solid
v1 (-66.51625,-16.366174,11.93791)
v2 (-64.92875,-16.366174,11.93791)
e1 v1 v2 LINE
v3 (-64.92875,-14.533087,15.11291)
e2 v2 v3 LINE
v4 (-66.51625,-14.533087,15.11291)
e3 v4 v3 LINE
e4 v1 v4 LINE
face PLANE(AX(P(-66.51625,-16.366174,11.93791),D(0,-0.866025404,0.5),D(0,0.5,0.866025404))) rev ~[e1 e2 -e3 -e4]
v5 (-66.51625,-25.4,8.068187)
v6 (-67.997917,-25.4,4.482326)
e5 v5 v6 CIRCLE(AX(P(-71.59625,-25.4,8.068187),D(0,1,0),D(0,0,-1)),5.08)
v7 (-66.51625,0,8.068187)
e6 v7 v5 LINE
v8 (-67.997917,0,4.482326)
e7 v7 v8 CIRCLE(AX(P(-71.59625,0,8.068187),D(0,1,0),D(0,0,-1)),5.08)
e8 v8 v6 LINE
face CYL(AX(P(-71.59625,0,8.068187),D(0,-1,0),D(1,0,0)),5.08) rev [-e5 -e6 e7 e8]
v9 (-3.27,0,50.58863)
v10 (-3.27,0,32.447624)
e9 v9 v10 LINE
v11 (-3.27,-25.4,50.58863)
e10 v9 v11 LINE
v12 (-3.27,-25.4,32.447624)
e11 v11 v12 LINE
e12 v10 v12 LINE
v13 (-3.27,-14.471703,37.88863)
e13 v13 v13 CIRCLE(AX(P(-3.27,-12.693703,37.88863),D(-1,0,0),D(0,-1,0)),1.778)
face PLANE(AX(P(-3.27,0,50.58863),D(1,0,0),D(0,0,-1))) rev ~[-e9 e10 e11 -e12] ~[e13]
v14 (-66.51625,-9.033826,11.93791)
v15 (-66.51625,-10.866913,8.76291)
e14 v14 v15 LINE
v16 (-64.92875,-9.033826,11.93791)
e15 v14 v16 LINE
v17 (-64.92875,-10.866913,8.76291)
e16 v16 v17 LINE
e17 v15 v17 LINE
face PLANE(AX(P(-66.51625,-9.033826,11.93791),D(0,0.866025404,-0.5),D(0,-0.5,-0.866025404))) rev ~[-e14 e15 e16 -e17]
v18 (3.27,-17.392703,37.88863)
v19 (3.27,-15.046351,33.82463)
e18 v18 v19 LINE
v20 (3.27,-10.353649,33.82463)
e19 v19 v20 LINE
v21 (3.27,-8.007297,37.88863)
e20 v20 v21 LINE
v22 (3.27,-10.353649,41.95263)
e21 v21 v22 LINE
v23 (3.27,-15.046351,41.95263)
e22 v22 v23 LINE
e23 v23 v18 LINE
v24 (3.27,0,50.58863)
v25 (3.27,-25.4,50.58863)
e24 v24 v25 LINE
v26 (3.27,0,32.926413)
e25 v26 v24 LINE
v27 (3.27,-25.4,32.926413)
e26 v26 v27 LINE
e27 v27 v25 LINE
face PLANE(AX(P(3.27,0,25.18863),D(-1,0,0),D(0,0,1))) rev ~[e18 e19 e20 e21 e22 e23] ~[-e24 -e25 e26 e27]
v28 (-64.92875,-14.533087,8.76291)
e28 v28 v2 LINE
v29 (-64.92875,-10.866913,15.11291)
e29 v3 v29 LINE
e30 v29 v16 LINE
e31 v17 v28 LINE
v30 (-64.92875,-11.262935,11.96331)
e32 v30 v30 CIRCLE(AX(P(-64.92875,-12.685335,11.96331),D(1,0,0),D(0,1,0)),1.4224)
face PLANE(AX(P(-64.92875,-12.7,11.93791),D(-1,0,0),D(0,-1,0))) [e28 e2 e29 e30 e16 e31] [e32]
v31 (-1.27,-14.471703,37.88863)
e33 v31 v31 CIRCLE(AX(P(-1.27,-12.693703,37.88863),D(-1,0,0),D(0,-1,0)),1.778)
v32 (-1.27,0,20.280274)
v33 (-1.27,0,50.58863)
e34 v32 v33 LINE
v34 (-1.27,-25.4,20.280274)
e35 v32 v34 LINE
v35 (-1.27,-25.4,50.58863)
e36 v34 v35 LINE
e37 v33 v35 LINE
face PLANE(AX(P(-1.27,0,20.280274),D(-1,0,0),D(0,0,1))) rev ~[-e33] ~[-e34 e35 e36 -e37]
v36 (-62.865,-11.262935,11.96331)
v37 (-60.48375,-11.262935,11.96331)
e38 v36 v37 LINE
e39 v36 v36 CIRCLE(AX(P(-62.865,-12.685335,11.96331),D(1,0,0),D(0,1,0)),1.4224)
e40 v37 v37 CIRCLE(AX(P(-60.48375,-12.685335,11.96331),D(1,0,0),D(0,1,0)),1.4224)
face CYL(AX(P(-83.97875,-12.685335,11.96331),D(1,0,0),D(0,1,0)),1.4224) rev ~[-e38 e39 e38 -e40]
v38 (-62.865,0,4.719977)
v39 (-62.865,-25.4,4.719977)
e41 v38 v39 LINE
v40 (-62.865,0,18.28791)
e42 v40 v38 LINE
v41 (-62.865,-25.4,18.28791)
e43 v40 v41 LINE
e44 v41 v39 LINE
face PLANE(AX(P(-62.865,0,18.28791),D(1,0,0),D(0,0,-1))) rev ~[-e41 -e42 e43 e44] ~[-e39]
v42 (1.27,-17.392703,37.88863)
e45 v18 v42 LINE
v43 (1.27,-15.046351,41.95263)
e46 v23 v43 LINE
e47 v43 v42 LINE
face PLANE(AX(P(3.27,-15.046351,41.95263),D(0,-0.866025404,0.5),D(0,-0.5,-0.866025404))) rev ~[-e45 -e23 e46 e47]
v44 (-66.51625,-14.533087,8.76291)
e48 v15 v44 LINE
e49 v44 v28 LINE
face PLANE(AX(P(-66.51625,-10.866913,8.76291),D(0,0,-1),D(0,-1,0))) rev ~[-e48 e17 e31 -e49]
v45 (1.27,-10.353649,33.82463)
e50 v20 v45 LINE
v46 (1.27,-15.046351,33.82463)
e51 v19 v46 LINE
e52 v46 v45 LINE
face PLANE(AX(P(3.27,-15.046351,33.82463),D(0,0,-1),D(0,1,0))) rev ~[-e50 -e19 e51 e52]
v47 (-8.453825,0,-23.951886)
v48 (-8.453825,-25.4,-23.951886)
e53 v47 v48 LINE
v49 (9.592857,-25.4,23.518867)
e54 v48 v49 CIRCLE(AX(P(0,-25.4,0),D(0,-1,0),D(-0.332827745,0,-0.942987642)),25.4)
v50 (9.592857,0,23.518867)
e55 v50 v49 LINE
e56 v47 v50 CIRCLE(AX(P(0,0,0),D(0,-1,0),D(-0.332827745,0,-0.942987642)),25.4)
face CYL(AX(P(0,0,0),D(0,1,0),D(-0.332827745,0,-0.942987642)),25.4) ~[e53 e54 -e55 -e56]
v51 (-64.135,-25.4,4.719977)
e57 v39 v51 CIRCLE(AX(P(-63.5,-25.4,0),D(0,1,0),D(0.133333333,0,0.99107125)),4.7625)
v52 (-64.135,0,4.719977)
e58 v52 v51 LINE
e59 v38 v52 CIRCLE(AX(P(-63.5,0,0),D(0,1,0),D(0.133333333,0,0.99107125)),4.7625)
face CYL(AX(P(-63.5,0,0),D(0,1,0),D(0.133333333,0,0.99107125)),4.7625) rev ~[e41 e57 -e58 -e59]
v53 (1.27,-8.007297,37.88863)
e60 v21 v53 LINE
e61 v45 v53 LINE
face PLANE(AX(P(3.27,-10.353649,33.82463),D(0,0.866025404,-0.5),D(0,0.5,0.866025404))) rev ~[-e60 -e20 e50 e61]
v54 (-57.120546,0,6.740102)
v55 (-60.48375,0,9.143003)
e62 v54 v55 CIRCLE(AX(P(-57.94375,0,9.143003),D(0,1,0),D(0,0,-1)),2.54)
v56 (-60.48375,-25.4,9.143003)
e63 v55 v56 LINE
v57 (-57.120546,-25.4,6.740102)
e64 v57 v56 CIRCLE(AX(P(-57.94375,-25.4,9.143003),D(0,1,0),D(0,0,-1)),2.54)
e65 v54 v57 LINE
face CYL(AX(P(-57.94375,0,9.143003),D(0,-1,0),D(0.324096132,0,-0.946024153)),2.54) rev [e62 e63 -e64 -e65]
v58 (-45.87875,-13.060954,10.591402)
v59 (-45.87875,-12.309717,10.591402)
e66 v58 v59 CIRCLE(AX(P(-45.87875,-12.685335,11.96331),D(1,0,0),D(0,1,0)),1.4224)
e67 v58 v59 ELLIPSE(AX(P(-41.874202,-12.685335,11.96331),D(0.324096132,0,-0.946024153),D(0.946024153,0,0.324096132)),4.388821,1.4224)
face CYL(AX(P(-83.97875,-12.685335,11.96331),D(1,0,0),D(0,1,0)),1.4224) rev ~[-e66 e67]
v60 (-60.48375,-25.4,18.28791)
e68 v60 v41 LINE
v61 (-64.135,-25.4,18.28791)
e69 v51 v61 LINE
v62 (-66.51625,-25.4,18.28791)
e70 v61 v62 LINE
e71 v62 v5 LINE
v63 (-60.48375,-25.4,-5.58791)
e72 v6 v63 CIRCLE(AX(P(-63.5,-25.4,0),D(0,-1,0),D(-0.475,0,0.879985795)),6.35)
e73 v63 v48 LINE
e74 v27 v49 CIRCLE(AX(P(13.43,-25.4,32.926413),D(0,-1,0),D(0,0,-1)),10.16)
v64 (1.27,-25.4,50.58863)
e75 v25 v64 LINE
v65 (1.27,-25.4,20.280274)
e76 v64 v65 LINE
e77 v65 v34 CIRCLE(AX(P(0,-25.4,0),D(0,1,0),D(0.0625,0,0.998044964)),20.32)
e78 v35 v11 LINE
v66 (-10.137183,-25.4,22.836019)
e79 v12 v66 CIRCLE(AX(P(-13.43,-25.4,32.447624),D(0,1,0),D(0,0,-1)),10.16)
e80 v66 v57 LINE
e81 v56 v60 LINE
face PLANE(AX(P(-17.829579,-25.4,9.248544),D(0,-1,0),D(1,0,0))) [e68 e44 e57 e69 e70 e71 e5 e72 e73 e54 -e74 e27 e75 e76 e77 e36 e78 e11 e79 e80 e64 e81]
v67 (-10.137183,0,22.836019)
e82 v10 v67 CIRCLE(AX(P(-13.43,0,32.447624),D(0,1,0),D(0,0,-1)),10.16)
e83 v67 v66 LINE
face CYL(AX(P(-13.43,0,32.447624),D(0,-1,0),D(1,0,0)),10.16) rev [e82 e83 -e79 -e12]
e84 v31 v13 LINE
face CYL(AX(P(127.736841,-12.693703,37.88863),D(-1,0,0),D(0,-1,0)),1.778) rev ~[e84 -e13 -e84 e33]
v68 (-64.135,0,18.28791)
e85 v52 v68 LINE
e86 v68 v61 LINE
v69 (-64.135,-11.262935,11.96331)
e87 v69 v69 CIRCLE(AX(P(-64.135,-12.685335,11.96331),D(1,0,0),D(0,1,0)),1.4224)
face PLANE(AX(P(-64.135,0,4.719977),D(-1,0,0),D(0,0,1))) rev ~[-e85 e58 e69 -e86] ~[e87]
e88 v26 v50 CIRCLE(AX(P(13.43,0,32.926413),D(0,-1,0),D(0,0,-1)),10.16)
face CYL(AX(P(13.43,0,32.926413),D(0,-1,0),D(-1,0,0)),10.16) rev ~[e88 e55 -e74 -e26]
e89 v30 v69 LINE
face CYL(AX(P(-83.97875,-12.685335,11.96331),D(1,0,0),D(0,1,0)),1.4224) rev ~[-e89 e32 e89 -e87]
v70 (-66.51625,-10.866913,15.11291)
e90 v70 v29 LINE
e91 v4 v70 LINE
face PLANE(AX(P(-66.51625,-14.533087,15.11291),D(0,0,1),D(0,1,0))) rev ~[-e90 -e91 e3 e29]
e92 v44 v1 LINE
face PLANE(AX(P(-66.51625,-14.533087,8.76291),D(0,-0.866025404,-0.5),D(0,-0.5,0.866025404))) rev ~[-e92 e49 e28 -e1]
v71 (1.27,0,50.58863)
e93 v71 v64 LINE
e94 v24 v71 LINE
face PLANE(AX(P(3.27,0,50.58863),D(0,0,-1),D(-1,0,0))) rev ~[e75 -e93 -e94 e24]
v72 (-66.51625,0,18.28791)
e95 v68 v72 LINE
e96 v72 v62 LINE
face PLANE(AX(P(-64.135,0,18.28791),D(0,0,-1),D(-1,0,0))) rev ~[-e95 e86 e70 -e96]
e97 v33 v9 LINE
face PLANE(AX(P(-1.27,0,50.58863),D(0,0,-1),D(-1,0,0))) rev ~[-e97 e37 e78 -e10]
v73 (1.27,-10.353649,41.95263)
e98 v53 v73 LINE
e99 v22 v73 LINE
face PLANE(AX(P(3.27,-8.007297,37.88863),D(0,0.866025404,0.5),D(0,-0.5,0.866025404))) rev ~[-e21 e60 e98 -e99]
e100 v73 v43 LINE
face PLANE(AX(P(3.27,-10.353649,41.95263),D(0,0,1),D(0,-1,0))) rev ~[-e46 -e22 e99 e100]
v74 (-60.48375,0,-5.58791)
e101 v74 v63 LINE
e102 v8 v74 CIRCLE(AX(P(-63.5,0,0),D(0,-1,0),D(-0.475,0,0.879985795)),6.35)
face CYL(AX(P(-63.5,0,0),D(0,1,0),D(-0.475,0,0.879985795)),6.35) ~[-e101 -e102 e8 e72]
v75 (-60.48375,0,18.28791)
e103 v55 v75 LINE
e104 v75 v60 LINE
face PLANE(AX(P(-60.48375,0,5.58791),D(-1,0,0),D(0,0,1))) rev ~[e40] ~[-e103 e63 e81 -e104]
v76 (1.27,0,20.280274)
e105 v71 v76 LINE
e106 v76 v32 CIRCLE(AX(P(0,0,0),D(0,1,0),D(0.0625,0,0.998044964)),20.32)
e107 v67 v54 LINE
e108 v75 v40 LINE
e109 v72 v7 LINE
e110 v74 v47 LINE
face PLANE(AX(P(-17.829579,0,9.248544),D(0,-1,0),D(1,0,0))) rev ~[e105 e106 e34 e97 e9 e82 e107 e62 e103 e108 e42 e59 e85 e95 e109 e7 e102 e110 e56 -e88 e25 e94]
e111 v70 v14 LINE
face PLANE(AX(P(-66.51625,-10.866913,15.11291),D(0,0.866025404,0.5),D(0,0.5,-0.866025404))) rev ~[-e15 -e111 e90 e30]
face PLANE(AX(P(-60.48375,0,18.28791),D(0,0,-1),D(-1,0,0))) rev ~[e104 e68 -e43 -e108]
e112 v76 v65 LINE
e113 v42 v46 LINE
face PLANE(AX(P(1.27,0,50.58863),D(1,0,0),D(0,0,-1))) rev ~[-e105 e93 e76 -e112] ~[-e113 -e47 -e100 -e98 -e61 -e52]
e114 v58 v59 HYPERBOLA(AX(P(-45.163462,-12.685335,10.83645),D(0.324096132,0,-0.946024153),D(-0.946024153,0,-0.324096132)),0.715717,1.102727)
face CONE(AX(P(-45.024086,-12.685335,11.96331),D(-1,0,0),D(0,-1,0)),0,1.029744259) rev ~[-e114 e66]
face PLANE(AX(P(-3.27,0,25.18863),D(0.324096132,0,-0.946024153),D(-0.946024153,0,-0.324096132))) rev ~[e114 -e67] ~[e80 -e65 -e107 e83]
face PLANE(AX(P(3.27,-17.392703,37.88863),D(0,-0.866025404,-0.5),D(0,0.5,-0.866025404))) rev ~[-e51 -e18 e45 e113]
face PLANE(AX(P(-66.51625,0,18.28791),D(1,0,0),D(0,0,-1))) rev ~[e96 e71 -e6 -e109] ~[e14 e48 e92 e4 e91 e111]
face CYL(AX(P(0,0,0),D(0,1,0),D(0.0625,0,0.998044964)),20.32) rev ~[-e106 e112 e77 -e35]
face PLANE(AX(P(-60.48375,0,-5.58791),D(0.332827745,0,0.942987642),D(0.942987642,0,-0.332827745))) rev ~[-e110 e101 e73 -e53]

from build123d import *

# Parameters (mm, degrees)
F1_DEPTH  = 25.4
F3_DEPTH  = 2.778125
F5_D      = 3.556
F7_DEPTH  = 1.5875
F9_R      = 10.16
F10_R     = 10.16
F11_R     = 2.54
F12_R     = 5.08
F13_D     = 2.8448
F13_DEPTH = 19.05
F13_TIP   = 0.8546641445


with BuildPart() as f1:
    # F0 (on Front) → F1 (new body)
    with BuildSketch(Plane.XZ):
        with BuildLine():
            Line((-3.269999937, 50.5886303798), (-3.269999937, 25.1886303798))
            Line((-3.269999937, 25.1886303798), (-12.8627581622, 21.9022704864))
            Line((-12.8627581622, 21.9022704864), (-60.48375, 5.5879098004))
            Line((-60.48375, 5.5879098004), (-60.48375, 18.2879098004))
            Line((-60.48375, 18.2879098004), (-62.865, 18.2879098004))
            Line((-62.865, 18.2879098004), (-62.865, 6.3181702256))
            Line((-62.865, 6.3181702256), (-62.865, 4.7199768273))
            ThreePointArc((-62.865, 4.7199768273), (-63.5, -4.7625), (-64.135, 4.7199768273))
            Line((-64.135, 4.7199768273), (-64.135, 6.3181702256))
            Line((-64.135, 6.3181702256), (-64.135, 18.2879098004))
            Line((-64.135, 18.2879098004), (-66.51625, 18.2879098004))
            Line((-66.51625, 18.2879098004), (-66.51625, 5.5879098004))
            ThreePointArc((-66.51625, 5.5879098004), (-69.0879098004, -3.01625), (-60.48375, -5.5879098004))
            Line((-60.48375, -5.5879098004), (-8.4538247205, -23.9518860968))
            ThreePointArc((-8.4538247205, -23.9518860968), (24.7065902088, -5.894438078), (3.269999937, 25.1886303798))
            Line((3.269999937, 25.1886303798), (3.269999937, 50.5886303798))
            Line((3.269999937, 50.5886303798), (1.27, 50.5886303798))
            Line((1.27, 50.5886303798), (1.27, 25.3682301314))
            Line((1.27, 25.3682301314), (1.27, 20.2802736668))
            ThreePointArc((1.27, 20.2802736668), (0, -20.32), (-1.27, 20.2802736668))
            Line((-1.27, 20.2802736668), (-1.27, 25.3682301314))
            Line((-1.27, 25.3682301314), (-1.27, 50.5886303798))
            Line((-1.27, 50.5886303798), (-3.269999937, 50.5886303798))
        make_face()
    extrude(amount=F1_DEPTH)

    # F2 (on face) → F3 (cut)
    with BuildSketch(Plane.YZ.offset(3.269999937)):
        Polygon((-10.353648506, 33.8246303798), (-8.007297012, 37.8886303798), (-10.353648506, 41.9526303798), (-15.046351494, 41.9526303798), (-17.392702988, 37.8886303798), (-15.046351494, 33.8246303798), align=None)
    extrude(amount=-F3_DEPTH, mode=Mode.SUBTRACT)

    # F5 (through all)
    with Locations(Plane.YZ.offset(3.269999937)):
        with Locations((-12.693702988, 37.8886303798)):
            Hole(F5_D / 2)

    # F6 (on face) → F7 (cut)
    with BuildSketch(Plane(origin=(-66.51625, 0, 0), x_dir=(0, -1, 0), z_dir=(-1, 0, 0))):
        Polygon((10.8669128953, 8.7629098004), (14.5330871047, 8.7629098004), (16.3661742094, 11.9379098004), (14.5330871047, 15.1129098004), (10.8669128953, 15.1129098004), (9.0338257906, 11.9379098004), align=None)
    extrude(amount=-F7_DEPTH, mode=Mode.SUBTRACT)

    # F9
    f9_edges = [f1.edges().sort_by_distance(p)[0] for p in [
        (-3.27, -12.7, 25.18863),
    ]]
    fillet(f9_edges, radius=F9_R)

    # F10
    f10_edges = [f1.edges().sort_by_distance(p)[0] for p in [
        (3.27, -12.7, 25.18863),
    ]]
    fillet(f10_edges, radius=F10_R)

    # F11
    f11_edges = [f1.edges().sort_by_distance(p)[0] for p in [
        (-60.48375, -12.7, 5.58791),
    ]]
    fillet(f11_edges, radius=F11_R)

    # F12
    f12_edges = [f1.edges().sort_by_distance(p)[0] for p in [
        (-66.51625, -12.7, 5.58791),
    ]]
    fillet(f12_edges, radius=F12_R)

    # F13
    with Locations(Plane(origin=(-64.92875, 0, 0), x_dir=(0, -1, 0), z_dir=(-1, 0, 0))):
        with Locations((12.6853353032, 11.9633098004)):
            Hole(F13_D / 2, depth=F13_DEPTH)
            with Locations((0, 0, -(F13_DEPTH + F13_TIP / 2))):  # 118° drill point
                Cone(0, F13_D / 2, F13_TIP, mode=Mode.SUBTRACT)


solid = f1.part
